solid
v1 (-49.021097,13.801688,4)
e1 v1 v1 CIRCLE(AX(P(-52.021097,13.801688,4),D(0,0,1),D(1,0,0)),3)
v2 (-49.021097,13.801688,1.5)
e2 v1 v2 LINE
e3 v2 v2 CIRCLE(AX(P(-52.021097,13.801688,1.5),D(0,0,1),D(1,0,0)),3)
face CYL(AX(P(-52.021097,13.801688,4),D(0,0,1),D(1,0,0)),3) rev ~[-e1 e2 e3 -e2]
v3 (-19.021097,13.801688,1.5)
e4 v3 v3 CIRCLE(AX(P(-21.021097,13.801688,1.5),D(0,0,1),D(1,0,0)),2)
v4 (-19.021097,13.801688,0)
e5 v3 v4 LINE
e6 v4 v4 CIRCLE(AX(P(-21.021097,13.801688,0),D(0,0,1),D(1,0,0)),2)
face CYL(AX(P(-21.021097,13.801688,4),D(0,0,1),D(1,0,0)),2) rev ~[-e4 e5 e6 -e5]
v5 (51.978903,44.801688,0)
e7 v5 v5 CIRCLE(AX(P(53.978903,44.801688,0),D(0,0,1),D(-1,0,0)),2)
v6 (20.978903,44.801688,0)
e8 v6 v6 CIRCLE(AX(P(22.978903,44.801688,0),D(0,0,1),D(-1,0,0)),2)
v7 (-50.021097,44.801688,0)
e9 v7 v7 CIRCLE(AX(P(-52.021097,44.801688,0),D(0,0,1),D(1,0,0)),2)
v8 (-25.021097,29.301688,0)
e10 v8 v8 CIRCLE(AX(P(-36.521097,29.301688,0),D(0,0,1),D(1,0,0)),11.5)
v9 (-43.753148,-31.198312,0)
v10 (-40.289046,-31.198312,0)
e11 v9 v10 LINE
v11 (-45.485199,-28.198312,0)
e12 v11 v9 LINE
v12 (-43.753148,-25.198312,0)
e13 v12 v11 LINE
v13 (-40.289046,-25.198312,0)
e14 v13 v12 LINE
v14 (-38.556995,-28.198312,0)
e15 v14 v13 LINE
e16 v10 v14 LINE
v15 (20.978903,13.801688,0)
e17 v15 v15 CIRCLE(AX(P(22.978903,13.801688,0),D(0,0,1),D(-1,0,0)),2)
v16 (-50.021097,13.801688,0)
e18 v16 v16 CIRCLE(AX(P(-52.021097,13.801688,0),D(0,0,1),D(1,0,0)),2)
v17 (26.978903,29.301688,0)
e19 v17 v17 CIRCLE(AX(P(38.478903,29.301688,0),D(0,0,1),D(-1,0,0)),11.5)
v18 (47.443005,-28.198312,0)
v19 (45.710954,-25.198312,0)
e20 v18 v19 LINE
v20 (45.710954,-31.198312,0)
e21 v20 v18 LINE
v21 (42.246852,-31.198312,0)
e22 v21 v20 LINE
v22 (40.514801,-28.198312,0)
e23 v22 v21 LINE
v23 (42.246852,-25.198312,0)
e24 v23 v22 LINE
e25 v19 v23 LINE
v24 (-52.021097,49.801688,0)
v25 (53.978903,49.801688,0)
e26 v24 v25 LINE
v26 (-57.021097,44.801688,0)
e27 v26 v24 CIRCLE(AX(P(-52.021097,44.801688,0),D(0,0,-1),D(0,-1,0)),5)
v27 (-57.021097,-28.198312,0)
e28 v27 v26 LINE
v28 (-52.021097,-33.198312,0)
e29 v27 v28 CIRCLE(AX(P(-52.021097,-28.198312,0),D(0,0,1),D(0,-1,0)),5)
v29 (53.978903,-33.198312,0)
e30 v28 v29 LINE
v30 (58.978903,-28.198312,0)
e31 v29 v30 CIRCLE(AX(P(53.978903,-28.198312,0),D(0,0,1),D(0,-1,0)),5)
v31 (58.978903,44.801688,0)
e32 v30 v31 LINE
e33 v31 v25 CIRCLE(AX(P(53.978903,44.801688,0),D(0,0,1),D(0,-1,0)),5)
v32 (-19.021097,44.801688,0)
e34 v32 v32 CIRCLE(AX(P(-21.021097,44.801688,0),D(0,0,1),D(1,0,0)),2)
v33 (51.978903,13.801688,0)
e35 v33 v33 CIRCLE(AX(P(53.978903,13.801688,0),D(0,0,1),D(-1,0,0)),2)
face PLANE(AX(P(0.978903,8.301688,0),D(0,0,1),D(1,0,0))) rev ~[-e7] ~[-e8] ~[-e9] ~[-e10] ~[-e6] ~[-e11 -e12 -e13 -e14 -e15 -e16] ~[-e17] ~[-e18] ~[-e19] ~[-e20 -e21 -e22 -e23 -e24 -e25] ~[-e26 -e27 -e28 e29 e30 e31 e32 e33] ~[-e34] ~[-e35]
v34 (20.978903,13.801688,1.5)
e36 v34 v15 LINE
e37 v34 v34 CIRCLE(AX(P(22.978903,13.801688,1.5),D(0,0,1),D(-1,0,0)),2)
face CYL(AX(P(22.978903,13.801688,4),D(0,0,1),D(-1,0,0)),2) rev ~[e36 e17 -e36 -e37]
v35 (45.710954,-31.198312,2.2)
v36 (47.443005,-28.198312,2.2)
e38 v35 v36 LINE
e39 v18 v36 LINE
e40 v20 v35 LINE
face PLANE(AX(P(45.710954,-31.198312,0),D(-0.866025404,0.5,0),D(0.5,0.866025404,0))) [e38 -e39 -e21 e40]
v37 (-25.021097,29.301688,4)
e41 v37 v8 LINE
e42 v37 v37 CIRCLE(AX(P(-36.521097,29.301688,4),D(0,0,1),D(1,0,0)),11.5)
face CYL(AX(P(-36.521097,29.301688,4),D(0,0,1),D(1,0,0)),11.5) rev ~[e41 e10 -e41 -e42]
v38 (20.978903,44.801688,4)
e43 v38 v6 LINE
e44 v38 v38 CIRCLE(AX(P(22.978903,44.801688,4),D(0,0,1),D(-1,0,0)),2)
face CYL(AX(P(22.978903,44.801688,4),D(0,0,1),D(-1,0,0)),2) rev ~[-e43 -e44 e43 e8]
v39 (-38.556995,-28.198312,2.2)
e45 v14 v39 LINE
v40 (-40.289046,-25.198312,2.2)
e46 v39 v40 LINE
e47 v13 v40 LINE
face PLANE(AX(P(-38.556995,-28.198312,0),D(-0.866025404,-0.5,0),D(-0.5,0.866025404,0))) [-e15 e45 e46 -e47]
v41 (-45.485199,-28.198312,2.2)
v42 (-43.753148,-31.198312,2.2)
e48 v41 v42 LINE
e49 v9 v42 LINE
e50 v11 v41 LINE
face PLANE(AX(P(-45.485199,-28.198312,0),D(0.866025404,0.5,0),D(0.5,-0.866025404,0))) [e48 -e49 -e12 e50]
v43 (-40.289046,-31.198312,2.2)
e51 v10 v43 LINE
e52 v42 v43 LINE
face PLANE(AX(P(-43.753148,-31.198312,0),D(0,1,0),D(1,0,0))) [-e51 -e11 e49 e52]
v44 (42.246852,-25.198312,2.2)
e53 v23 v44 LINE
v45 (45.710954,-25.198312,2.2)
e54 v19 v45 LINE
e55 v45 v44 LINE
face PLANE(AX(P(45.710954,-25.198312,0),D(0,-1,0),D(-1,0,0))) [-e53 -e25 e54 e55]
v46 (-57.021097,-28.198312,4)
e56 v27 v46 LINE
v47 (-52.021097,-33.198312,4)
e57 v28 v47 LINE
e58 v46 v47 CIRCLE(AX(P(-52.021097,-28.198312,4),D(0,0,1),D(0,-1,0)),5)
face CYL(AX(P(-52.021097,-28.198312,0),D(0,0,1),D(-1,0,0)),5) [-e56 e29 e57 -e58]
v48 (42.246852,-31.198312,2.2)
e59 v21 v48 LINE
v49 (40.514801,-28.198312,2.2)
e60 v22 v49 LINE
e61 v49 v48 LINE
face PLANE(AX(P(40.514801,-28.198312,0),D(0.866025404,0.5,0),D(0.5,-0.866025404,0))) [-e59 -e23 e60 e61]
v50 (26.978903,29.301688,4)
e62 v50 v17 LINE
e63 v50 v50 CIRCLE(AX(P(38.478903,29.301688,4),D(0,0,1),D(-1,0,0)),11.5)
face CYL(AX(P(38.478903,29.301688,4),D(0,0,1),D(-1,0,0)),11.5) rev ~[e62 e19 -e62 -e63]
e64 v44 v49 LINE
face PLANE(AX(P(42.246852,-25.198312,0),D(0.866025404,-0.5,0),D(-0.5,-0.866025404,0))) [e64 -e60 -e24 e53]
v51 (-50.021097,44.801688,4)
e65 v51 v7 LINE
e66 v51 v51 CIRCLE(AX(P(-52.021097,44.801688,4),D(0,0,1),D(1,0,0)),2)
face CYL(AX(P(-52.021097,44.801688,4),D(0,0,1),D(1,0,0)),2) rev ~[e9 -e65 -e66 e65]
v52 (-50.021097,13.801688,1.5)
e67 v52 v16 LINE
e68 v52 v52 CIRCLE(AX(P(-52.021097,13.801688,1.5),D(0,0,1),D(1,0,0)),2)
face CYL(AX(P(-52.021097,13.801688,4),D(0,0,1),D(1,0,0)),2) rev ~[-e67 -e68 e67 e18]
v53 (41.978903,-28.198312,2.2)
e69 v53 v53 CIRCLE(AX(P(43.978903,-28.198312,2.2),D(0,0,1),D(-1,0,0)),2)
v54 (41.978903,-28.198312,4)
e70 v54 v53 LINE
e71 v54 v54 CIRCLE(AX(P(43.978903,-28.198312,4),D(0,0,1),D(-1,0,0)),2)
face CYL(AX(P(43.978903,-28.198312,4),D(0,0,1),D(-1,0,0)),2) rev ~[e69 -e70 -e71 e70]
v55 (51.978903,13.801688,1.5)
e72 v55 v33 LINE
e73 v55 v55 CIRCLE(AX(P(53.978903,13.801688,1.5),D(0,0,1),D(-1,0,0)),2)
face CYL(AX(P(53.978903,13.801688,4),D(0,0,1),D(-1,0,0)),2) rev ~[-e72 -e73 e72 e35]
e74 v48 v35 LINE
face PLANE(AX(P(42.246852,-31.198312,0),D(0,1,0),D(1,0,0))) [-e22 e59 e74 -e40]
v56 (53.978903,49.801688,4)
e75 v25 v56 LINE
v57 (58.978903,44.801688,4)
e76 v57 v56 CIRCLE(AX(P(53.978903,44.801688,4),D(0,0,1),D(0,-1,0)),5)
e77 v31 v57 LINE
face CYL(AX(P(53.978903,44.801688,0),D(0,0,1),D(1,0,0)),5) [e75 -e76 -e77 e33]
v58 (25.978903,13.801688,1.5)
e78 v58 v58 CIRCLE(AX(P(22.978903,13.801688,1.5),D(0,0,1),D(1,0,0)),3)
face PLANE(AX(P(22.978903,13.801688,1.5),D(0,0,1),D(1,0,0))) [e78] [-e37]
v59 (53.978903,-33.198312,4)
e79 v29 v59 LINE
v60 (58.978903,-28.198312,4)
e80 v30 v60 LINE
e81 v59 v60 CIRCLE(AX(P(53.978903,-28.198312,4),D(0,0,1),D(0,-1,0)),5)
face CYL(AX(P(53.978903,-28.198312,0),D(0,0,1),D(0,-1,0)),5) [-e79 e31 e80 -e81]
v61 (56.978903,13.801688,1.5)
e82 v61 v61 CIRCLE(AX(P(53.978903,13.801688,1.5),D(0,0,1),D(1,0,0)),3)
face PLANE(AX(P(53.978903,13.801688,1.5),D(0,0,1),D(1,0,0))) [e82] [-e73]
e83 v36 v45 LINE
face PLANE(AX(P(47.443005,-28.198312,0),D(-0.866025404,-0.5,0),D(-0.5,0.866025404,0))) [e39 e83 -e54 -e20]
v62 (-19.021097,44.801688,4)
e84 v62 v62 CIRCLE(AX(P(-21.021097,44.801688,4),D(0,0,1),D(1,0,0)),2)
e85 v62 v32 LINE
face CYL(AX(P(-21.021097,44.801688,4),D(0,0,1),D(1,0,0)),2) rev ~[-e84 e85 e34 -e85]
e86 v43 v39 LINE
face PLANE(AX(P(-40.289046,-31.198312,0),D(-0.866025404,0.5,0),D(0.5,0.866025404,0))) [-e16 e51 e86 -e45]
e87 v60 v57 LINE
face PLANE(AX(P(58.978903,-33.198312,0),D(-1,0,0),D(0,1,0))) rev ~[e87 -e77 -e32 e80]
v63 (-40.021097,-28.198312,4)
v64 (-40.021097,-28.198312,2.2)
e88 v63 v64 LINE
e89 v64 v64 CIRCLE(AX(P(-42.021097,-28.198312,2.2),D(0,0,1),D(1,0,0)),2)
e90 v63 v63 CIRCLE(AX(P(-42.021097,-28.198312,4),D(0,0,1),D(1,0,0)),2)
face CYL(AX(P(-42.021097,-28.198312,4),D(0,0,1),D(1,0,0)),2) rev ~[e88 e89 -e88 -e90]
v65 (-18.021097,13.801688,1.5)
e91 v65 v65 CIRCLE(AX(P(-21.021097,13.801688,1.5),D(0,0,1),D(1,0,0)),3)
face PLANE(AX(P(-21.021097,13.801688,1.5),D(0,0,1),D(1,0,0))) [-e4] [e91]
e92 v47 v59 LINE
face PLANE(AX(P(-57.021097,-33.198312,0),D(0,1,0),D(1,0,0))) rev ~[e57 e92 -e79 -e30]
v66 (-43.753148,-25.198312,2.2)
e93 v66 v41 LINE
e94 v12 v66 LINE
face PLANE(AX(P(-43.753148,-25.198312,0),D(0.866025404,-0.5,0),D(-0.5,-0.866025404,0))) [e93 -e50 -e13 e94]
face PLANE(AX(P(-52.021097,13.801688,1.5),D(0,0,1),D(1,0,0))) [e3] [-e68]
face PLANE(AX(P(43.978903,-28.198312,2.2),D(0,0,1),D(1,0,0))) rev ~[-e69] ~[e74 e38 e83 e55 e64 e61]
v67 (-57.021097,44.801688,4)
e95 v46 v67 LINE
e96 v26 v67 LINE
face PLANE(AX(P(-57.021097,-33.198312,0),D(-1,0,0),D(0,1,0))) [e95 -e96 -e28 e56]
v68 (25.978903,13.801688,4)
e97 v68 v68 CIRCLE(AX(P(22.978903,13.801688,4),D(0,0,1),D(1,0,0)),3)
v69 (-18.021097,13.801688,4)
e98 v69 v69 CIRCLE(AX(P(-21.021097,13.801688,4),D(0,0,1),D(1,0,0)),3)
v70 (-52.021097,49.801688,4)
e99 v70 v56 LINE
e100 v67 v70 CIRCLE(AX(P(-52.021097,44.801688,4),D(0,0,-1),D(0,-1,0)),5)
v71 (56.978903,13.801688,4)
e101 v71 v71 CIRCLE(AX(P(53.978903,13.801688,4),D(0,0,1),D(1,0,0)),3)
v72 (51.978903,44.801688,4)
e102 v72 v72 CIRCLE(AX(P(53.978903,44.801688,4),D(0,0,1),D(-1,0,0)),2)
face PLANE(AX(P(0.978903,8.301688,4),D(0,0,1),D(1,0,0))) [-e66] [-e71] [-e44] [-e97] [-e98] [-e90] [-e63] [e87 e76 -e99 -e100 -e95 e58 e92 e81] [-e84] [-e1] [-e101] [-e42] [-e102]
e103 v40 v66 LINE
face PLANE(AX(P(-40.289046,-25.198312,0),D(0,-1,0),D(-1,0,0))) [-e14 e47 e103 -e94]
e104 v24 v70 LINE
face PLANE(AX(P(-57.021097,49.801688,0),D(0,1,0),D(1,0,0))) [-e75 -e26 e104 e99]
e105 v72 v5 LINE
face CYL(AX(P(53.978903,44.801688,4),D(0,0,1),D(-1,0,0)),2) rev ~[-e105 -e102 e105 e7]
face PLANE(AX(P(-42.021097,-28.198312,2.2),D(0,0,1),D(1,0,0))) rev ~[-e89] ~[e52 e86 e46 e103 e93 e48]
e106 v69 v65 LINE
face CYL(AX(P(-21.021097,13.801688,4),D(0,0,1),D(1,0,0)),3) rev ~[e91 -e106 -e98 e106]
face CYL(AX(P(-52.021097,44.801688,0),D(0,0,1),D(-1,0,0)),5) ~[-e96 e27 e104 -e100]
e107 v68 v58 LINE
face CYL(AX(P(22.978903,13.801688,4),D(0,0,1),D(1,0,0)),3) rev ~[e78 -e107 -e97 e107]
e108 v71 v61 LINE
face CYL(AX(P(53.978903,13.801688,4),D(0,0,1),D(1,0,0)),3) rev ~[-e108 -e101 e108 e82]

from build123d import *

# Parameters (mm, degrees)
ESQUISSE1_W             = 116
ESQUISSE1_H             = 83
BOSS_EXTRU_1_DEPTH      = 4
CONG_1_R                = 5
ESQUISSE2_R             = 2
ESQUISSE2_R_2           = 11.5
ENL_V_MAT_EXTRU_1_DEPTH = 4
ESQUISSE3_R             = 3
ENL_V_MAT_EXTRU_2_DEPTH = 2.5
ENL_V_START             = -4
ENL_V_MAT_EXTRU_3_DEPTH = 2.2


with BuildPart() as part:
    # Esquisse1 → Boss.-Extru.1 (new body)
    with BuildSketch(Plane.XY):
        with Locations((0.978902954, 8.301687764)):
            Rectangle(ESQUISSE1_W, ESQUISSE1_H)
    extrude(amount=BOSS_EXTRU_1_DEPTH)

    # Congé1
    cong_1_edges = [part.edges().sort_by_distance(p)[0] for p in [
        (-57.021097046, 49.801687764, 2),
        (58.978902954, 49.801687764, 2),
        (58.978902954, -33.198312236, 2),
        (-57.021097046, -33.198312236, 2),
    ]]
    fillet(cong_1_edges, radius=CONG_1_R)

    # Esquisse2 → Enlèv. mat.-Extru.1 (cut)
    with BuildSketch(Plane.XY.offset(4)):
        with Locations((-42.021097046, -28.198312236)):
            Circle(ESQUISSE2_R)
        with Locations((-52.021097046, 44.801687764)):
            Circle(ESQUISSE2_R)
        with Locations((-21.021097046, 44.801687764)):
            Circle(ESQUISSE2_R)
        with Locations((-36.521097046, 29.301687764)):
            Circle(ESQUISSE2_R_2)
        with Locations((-21.021097046, 13.801687764)):
            Circle(ESQUISSE2_R)
        with Locations((-52.021097046, 13.801687764)):
            Circle(ESQUISSE2_R)
        with Locations(Location((43.978902954, -28.198312236, 0), (0, 0, 180))):
            Circle(ESQUISSE2_R)
        with Locations(Location((38.478902954, 29.301687764, 0), (0, 0, 180))):
            Circle(ESQUISSE2_R_2)
        with Locations(Location((22.978902954, 13.801687764, 0), (0, 0, 180))):
            Circle(ESQUISSE2_R)
        with Locations(Location((22.978902954, 44.801687764, 0), (0, 0, 180))):
            Circle(ESQUISSE2_R)
        with Locations(Location((53.978902954, 44.801687764, 0), (0, 0, 180))):
            Circle(ESQUISSE2_R)
        with Locations(Location((53.978902954, 13.801687764, 0), (0, 0, 180))):
            Circle(ESQUISSE2_R)
    extrude(amount=-ENL_V_MAT_EXTRU_1_DEPTH, mode=Mode.SUBTRACT)

    # Esquisse3 → Enlèv. mat.-Extru.2 (cut)
    with BuildSketch(Plane.XY.offset(4)):
        with Locations((-52.021097046, 13.801687764)):
            Circle(ESQUISSE3_R)
        with Locations((-21.021097046, 13.801687764)):
            Circle(ESQUISSE3_R)
        with Locations((22.978902954, 13.801687764)):
            Circle(ESQUISSE3_R)
        with Locations((53.978902954, 13.801687764)):
            Circle(ESQUISSE3_R)
    extrude(amount=-ENL_V_MAT_EXTRU_2_DEPTH, mode=Mode.SUBTRACT)

    # Esquisse4 → Enlèv. mat.-Extru.3 (cut)
    with BuildSketch(Plane.XY.offset(4).offset(ENL_V_START)):
        Polygon((-43.753147854, -25.198312236), (-45.485198662, -28.198312236), (-43.753147854, -31.198312236), (-40.289046239, -31.198312236), (-38.556995431, -28.198312236), (-40.289046239, -25.198312236), align=None)
        Polygon((42.246852146, -25.198312236), (40.514801338, -28.198312236), (42.246852146, -31.198312236), (45.710953761, -31.198312236), (47.443004569, -28.198312236), (45.710953761, -25.198312236), align=None)
    extrude(amount=ENL_V_MAT_EXTRU_3_DEPTH, mode=Mode.SUBTRACT)


solid = part.part
